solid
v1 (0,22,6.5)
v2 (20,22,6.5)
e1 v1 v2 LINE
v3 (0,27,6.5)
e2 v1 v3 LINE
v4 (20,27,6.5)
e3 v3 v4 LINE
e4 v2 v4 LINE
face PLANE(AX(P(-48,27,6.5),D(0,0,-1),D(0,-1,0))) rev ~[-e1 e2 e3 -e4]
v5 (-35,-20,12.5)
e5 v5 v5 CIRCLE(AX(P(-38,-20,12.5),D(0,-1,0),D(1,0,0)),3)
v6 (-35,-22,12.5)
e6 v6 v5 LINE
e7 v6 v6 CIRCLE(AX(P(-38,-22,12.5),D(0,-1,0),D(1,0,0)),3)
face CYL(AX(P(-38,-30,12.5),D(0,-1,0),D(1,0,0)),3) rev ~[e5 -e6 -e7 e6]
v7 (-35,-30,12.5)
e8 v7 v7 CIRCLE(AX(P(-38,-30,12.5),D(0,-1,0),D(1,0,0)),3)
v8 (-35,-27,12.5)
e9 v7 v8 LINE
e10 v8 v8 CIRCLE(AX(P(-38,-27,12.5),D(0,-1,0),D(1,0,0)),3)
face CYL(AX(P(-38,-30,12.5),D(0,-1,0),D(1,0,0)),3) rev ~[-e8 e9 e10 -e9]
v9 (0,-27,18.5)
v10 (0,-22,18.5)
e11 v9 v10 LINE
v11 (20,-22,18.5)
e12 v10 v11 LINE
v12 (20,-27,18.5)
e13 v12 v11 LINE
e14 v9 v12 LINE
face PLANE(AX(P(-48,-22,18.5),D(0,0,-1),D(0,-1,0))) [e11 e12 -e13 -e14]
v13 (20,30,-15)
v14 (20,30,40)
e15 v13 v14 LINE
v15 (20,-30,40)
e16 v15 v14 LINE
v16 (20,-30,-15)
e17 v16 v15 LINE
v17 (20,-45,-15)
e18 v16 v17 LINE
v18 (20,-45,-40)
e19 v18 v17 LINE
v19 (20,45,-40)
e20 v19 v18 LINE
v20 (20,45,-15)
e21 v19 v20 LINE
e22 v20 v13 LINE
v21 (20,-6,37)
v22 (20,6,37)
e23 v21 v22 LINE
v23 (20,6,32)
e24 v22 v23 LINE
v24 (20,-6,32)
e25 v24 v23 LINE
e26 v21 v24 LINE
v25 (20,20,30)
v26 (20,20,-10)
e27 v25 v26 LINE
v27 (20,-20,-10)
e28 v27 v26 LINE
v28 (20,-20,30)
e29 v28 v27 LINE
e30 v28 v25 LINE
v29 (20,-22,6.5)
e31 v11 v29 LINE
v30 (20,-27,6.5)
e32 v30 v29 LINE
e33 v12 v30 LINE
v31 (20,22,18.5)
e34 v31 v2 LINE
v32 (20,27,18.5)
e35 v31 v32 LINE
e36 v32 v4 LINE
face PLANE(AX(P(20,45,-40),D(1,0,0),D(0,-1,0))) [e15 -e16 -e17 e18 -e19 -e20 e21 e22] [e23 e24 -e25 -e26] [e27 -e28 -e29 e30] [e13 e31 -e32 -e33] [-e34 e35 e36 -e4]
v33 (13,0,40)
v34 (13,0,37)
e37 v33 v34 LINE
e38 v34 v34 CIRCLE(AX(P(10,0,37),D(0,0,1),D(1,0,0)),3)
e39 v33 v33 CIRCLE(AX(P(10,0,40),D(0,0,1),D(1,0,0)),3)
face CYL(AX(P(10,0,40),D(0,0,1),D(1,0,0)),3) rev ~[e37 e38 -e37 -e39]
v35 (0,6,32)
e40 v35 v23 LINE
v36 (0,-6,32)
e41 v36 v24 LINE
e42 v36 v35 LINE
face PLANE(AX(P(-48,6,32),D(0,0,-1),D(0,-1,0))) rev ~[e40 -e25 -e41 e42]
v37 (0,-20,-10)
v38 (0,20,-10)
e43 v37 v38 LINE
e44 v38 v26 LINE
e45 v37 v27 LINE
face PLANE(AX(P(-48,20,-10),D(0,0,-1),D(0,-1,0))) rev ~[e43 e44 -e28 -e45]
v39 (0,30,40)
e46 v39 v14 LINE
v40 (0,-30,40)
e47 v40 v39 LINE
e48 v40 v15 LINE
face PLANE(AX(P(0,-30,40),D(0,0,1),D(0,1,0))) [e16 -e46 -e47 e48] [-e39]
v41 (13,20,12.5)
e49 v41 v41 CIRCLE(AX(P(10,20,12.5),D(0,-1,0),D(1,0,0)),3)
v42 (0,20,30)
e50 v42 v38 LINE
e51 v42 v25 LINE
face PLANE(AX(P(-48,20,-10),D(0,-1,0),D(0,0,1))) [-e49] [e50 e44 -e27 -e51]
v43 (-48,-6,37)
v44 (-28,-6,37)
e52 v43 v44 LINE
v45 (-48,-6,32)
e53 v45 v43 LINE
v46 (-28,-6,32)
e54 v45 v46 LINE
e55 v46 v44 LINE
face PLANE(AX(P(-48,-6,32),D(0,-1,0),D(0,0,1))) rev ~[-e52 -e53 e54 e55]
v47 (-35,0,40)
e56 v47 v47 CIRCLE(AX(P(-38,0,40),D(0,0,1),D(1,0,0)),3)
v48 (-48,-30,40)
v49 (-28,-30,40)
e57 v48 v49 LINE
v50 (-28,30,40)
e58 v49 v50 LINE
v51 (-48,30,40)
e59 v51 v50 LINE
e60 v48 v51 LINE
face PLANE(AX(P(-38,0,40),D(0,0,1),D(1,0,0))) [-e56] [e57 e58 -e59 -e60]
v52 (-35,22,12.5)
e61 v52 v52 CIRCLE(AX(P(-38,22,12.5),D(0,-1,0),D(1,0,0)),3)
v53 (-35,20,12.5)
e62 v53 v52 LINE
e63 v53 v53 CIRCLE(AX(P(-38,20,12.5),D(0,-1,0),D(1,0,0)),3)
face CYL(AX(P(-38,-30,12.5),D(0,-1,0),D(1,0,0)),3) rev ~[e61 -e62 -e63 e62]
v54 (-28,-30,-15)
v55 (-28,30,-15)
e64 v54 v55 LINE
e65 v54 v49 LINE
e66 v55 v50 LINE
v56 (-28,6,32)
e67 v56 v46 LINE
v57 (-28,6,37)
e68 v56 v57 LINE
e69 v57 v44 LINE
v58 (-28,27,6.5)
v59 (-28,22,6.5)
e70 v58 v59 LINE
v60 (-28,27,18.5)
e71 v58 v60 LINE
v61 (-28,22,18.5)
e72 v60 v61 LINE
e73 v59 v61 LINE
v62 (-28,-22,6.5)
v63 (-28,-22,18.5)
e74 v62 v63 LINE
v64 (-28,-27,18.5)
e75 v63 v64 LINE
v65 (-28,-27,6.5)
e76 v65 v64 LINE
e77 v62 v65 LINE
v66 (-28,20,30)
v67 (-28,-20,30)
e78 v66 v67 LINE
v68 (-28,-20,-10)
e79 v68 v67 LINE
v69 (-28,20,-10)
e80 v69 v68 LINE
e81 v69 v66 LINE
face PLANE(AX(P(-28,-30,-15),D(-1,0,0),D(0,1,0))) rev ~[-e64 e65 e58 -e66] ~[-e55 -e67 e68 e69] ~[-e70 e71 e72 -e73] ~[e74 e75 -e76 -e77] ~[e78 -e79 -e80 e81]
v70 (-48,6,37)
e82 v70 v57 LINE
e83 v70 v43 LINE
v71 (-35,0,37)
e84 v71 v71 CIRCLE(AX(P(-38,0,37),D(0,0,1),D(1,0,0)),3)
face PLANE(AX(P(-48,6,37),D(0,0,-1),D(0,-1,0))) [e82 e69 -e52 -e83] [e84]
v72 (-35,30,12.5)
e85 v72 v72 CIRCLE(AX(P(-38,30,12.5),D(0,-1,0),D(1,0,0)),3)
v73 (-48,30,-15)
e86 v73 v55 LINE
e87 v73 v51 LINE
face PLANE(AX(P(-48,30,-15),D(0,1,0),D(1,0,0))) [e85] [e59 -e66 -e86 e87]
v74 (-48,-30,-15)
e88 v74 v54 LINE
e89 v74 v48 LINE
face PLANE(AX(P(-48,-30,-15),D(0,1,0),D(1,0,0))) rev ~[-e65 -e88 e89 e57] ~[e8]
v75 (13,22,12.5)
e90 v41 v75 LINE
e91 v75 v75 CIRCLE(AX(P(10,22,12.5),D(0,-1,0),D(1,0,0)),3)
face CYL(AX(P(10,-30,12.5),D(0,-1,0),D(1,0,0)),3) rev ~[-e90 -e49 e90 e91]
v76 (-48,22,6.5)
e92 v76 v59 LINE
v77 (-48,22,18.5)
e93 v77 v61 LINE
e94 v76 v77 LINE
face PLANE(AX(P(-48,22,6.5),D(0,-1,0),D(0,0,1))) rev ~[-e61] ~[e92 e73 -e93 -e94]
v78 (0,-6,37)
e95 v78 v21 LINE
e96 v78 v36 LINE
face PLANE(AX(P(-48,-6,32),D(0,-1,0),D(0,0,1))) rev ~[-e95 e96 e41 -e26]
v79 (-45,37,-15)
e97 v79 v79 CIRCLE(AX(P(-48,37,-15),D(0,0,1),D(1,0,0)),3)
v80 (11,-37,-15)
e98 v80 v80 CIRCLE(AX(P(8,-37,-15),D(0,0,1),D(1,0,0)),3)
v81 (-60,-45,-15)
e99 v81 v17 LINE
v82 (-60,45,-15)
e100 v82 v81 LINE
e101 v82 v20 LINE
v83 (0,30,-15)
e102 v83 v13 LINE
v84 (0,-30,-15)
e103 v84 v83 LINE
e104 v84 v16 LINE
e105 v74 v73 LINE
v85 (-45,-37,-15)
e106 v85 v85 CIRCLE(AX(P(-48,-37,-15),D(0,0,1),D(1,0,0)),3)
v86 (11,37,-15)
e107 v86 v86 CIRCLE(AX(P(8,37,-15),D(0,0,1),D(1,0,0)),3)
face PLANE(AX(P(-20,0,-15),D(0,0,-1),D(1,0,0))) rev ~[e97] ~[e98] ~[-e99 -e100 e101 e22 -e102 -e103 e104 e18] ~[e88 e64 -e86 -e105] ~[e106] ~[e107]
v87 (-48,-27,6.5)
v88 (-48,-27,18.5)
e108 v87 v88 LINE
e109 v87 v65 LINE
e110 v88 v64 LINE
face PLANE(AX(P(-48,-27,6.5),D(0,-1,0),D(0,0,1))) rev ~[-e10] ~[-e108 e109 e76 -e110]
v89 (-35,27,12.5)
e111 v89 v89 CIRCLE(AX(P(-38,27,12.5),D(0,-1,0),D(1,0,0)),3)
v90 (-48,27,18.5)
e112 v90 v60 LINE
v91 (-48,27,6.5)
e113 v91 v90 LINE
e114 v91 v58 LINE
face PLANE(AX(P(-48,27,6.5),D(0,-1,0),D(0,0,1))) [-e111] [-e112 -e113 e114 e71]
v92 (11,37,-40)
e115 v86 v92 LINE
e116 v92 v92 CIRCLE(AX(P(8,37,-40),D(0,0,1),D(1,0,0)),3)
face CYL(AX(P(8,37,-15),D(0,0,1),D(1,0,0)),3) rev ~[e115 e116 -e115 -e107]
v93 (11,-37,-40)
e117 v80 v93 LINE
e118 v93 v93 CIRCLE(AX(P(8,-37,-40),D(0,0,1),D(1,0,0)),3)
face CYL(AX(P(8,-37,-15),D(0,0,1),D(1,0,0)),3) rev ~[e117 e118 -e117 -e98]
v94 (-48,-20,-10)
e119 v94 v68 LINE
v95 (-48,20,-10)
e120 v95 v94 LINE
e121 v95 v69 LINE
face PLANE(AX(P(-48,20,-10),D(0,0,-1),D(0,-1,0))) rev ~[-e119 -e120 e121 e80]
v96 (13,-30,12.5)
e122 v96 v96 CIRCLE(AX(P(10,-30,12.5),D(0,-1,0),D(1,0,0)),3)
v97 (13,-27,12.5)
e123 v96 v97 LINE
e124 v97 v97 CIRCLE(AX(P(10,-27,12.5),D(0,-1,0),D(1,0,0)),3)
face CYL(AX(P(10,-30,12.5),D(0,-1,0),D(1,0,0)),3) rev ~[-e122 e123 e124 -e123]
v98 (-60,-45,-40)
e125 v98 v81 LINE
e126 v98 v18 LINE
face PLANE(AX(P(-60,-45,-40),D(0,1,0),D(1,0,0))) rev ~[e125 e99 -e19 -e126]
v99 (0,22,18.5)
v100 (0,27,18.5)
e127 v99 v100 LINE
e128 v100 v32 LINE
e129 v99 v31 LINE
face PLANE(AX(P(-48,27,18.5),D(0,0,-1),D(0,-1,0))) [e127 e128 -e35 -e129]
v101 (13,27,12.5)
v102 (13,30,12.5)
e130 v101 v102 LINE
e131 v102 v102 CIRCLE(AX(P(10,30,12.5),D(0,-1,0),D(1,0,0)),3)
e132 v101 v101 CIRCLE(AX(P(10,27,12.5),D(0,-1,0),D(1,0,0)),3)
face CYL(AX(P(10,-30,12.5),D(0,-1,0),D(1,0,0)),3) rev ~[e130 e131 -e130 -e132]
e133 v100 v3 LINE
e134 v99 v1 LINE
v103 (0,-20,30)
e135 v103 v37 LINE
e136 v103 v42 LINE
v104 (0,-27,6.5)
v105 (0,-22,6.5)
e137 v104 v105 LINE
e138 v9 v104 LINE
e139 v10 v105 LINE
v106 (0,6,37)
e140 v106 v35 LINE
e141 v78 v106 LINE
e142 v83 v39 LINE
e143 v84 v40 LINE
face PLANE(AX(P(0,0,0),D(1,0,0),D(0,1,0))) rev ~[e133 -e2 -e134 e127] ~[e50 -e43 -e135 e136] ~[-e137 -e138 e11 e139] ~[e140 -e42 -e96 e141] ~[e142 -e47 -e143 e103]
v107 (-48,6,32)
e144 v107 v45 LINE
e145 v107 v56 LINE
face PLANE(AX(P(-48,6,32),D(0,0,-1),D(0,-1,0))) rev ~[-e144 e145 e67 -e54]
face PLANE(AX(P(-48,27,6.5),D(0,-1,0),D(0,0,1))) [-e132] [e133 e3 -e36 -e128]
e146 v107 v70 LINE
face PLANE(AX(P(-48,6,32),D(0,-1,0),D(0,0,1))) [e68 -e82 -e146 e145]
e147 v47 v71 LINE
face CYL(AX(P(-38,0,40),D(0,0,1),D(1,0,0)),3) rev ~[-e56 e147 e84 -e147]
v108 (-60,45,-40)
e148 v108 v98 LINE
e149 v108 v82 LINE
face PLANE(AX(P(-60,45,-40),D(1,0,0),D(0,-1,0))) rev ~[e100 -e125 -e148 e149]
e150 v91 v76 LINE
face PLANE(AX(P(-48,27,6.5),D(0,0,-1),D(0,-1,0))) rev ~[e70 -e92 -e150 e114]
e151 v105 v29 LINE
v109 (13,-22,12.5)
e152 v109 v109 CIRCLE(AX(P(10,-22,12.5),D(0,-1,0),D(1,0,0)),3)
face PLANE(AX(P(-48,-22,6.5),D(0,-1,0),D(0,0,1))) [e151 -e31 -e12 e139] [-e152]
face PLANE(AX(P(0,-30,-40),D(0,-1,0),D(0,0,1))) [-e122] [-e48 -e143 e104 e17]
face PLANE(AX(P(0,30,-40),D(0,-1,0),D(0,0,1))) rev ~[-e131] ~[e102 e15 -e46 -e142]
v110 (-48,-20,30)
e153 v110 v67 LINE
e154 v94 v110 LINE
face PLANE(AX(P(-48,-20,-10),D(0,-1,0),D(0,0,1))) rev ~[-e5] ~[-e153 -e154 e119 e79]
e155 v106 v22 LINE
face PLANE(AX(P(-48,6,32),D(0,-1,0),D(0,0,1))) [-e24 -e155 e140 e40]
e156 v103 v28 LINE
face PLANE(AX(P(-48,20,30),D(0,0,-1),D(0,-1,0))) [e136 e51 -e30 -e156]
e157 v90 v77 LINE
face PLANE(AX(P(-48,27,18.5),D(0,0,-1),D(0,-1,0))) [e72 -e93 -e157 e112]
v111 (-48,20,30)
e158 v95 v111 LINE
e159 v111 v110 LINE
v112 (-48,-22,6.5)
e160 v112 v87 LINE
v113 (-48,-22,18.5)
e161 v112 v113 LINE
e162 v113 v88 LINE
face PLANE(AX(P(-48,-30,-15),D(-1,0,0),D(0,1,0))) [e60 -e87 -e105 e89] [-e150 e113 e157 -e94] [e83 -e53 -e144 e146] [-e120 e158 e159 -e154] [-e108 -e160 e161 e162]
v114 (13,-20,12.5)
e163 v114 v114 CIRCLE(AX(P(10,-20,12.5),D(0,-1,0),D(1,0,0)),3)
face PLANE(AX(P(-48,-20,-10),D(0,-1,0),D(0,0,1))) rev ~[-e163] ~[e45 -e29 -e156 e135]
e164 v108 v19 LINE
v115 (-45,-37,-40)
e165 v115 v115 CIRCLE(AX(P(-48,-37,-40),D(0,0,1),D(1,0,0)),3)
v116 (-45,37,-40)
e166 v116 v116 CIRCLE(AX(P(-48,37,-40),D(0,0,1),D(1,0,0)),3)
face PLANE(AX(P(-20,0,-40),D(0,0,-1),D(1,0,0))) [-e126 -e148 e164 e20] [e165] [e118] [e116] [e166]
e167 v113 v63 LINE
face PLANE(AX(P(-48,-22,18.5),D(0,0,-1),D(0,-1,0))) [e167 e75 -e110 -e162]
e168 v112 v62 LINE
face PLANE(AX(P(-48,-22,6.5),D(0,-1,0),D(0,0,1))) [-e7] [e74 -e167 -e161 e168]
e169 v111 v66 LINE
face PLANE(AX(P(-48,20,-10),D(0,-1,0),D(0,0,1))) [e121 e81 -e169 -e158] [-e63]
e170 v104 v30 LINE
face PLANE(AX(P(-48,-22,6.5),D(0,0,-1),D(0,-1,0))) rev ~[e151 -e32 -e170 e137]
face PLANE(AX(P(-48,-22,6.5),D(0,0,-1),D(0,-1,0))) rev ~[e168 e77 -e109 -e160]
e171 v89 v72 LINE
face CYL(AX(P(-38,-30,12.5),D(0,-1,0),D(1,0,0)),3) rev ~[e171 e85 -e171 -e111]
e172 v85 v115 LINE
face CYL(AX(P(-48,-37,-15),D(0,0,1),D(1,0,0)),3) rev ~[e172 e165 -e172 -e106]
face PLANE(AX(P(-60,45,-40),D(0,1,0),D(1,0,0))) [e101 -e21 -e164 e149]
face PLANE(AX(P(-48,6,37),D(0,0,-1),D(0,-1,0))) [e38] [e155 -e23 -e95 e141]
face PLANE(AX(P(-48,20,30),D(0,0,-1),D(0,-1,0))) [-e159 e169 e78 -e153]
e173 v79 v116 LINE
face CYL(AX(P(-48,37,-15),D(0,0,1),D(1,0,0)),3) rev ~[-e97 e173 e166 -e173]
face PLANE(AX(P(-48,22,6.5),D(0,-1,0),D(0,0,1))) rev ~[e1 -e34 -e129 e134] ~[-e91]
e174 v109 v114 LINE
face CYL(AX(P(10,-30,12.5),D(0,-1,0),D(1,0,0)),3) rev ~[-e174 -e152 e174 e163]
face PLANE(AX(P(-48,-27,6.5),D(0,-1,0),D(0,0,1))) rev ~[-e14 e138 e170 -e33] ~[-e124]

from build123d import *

# Parameters (mm, degrees)
F0_W      = 60
F0_H      = 80
F1_DEPTH  = 20
F2_W      = 80
F2_H      = 90
F3_DEPTH  = 25
F4_R      = 3
F5_DEPTH  = 25.001
F6_W      = 20
F6_H      = 60
F7_DEPTH  = 55
F8_W      = 40
F8_H      = 40
F8_W_2    = 5
F8_H_2    = 12
F8_W_3    = 12
F8_H_3    = 5
F9_DEPTH  = 68.001
F10_R     = 3
F11_DEPTH = 75.001
F12_R     = 3
F13_DEPTH = 3


with BuildPart() as f1:
    # F0 (on Right) → F1 (new body)
    with BuildSketch(Plane.YZ):
        Rectangle(F0_W, F0_H)
    extrude(amount=F1_DEPTH)

    # F2 (on face) → F3 (join)
    with BuildSketch(Plane(origin=(0, 0, -40), x_dir=(1, 0, 0), z_dir=(0, 0, -1))):
        with Locations((-20, 0)):
            Rectangle(F2_W, F2_H)
    extrude(amount=-F3_DEPTH)

    # F4 (on face) → F5 (cut, through all)
    with BuildSketch(Plane.XY.offset(-15)):
        with Locations((-48, 37)):
            Circle(F4_R)
        with Locations((-48, -37)):
            Circle(F4_R)
        with Locations((8, -37)):
            Circle(F4_R)
        with Locations((8, 37)):
            Circle(F4_R)
    extrude(amount=-F5_DEPTH, mode=Mode.SUBTRACT)

    # F6 (on face) → F7 (join, through all)
    with BuildSketch(Plane.XY.offset(-15)):
        with Locations((-38, 0)):
            Rectangle(F6_W, F6_H)
    extrude(amount=F7_DEPTH)

    # F8 (on face) → F9 (cut, through all)
    with BuildSketch(Plane(origin=(-48, 0, 0), x_dir=(0, -1, 0), z_dir=(-1, 0, 0))):
        with Locations((0, 10)):
            Rectangle(F8_W, F8_H)
        with Locations((-24.5, 12.5)):
            Rectangle(F8_W_2, F8_H_2)
        with Locations((0, 34.5)):
            Rectangle(F8_W_3, F8_H_3)
        with Locations((24.5, 12.5)):
            Rectangle(F8_W_2, F8_H_2)
    extrude(amount=-F9_DEPTH, mode=Mode.SUBTRACT)

    # F10 (on face) → F11 (cut, through all)
    with BuildSketch(Plane.XZ.offset(30)):
        with Locations((-38, 12.5)):
            Circle(F10_R)
        with Locations((10, 12.5)):
            Circle(F10_R)
    extrude(amount=-F11_DEPTH, mode=Mode.SUBTRACT)

    # F12 (on face) → F13 (cut, through all)
    with BuildSketch(Plane.XY.offset(40)):
        with Locations((-38, 0)):
            Circle(F12_R)
        with Locations((10, 0)):
            Circle(F12_R)
    extrude(amount=-F13_DEPTH, mode=Mode.SUBTRACT)


solid = f1.part
